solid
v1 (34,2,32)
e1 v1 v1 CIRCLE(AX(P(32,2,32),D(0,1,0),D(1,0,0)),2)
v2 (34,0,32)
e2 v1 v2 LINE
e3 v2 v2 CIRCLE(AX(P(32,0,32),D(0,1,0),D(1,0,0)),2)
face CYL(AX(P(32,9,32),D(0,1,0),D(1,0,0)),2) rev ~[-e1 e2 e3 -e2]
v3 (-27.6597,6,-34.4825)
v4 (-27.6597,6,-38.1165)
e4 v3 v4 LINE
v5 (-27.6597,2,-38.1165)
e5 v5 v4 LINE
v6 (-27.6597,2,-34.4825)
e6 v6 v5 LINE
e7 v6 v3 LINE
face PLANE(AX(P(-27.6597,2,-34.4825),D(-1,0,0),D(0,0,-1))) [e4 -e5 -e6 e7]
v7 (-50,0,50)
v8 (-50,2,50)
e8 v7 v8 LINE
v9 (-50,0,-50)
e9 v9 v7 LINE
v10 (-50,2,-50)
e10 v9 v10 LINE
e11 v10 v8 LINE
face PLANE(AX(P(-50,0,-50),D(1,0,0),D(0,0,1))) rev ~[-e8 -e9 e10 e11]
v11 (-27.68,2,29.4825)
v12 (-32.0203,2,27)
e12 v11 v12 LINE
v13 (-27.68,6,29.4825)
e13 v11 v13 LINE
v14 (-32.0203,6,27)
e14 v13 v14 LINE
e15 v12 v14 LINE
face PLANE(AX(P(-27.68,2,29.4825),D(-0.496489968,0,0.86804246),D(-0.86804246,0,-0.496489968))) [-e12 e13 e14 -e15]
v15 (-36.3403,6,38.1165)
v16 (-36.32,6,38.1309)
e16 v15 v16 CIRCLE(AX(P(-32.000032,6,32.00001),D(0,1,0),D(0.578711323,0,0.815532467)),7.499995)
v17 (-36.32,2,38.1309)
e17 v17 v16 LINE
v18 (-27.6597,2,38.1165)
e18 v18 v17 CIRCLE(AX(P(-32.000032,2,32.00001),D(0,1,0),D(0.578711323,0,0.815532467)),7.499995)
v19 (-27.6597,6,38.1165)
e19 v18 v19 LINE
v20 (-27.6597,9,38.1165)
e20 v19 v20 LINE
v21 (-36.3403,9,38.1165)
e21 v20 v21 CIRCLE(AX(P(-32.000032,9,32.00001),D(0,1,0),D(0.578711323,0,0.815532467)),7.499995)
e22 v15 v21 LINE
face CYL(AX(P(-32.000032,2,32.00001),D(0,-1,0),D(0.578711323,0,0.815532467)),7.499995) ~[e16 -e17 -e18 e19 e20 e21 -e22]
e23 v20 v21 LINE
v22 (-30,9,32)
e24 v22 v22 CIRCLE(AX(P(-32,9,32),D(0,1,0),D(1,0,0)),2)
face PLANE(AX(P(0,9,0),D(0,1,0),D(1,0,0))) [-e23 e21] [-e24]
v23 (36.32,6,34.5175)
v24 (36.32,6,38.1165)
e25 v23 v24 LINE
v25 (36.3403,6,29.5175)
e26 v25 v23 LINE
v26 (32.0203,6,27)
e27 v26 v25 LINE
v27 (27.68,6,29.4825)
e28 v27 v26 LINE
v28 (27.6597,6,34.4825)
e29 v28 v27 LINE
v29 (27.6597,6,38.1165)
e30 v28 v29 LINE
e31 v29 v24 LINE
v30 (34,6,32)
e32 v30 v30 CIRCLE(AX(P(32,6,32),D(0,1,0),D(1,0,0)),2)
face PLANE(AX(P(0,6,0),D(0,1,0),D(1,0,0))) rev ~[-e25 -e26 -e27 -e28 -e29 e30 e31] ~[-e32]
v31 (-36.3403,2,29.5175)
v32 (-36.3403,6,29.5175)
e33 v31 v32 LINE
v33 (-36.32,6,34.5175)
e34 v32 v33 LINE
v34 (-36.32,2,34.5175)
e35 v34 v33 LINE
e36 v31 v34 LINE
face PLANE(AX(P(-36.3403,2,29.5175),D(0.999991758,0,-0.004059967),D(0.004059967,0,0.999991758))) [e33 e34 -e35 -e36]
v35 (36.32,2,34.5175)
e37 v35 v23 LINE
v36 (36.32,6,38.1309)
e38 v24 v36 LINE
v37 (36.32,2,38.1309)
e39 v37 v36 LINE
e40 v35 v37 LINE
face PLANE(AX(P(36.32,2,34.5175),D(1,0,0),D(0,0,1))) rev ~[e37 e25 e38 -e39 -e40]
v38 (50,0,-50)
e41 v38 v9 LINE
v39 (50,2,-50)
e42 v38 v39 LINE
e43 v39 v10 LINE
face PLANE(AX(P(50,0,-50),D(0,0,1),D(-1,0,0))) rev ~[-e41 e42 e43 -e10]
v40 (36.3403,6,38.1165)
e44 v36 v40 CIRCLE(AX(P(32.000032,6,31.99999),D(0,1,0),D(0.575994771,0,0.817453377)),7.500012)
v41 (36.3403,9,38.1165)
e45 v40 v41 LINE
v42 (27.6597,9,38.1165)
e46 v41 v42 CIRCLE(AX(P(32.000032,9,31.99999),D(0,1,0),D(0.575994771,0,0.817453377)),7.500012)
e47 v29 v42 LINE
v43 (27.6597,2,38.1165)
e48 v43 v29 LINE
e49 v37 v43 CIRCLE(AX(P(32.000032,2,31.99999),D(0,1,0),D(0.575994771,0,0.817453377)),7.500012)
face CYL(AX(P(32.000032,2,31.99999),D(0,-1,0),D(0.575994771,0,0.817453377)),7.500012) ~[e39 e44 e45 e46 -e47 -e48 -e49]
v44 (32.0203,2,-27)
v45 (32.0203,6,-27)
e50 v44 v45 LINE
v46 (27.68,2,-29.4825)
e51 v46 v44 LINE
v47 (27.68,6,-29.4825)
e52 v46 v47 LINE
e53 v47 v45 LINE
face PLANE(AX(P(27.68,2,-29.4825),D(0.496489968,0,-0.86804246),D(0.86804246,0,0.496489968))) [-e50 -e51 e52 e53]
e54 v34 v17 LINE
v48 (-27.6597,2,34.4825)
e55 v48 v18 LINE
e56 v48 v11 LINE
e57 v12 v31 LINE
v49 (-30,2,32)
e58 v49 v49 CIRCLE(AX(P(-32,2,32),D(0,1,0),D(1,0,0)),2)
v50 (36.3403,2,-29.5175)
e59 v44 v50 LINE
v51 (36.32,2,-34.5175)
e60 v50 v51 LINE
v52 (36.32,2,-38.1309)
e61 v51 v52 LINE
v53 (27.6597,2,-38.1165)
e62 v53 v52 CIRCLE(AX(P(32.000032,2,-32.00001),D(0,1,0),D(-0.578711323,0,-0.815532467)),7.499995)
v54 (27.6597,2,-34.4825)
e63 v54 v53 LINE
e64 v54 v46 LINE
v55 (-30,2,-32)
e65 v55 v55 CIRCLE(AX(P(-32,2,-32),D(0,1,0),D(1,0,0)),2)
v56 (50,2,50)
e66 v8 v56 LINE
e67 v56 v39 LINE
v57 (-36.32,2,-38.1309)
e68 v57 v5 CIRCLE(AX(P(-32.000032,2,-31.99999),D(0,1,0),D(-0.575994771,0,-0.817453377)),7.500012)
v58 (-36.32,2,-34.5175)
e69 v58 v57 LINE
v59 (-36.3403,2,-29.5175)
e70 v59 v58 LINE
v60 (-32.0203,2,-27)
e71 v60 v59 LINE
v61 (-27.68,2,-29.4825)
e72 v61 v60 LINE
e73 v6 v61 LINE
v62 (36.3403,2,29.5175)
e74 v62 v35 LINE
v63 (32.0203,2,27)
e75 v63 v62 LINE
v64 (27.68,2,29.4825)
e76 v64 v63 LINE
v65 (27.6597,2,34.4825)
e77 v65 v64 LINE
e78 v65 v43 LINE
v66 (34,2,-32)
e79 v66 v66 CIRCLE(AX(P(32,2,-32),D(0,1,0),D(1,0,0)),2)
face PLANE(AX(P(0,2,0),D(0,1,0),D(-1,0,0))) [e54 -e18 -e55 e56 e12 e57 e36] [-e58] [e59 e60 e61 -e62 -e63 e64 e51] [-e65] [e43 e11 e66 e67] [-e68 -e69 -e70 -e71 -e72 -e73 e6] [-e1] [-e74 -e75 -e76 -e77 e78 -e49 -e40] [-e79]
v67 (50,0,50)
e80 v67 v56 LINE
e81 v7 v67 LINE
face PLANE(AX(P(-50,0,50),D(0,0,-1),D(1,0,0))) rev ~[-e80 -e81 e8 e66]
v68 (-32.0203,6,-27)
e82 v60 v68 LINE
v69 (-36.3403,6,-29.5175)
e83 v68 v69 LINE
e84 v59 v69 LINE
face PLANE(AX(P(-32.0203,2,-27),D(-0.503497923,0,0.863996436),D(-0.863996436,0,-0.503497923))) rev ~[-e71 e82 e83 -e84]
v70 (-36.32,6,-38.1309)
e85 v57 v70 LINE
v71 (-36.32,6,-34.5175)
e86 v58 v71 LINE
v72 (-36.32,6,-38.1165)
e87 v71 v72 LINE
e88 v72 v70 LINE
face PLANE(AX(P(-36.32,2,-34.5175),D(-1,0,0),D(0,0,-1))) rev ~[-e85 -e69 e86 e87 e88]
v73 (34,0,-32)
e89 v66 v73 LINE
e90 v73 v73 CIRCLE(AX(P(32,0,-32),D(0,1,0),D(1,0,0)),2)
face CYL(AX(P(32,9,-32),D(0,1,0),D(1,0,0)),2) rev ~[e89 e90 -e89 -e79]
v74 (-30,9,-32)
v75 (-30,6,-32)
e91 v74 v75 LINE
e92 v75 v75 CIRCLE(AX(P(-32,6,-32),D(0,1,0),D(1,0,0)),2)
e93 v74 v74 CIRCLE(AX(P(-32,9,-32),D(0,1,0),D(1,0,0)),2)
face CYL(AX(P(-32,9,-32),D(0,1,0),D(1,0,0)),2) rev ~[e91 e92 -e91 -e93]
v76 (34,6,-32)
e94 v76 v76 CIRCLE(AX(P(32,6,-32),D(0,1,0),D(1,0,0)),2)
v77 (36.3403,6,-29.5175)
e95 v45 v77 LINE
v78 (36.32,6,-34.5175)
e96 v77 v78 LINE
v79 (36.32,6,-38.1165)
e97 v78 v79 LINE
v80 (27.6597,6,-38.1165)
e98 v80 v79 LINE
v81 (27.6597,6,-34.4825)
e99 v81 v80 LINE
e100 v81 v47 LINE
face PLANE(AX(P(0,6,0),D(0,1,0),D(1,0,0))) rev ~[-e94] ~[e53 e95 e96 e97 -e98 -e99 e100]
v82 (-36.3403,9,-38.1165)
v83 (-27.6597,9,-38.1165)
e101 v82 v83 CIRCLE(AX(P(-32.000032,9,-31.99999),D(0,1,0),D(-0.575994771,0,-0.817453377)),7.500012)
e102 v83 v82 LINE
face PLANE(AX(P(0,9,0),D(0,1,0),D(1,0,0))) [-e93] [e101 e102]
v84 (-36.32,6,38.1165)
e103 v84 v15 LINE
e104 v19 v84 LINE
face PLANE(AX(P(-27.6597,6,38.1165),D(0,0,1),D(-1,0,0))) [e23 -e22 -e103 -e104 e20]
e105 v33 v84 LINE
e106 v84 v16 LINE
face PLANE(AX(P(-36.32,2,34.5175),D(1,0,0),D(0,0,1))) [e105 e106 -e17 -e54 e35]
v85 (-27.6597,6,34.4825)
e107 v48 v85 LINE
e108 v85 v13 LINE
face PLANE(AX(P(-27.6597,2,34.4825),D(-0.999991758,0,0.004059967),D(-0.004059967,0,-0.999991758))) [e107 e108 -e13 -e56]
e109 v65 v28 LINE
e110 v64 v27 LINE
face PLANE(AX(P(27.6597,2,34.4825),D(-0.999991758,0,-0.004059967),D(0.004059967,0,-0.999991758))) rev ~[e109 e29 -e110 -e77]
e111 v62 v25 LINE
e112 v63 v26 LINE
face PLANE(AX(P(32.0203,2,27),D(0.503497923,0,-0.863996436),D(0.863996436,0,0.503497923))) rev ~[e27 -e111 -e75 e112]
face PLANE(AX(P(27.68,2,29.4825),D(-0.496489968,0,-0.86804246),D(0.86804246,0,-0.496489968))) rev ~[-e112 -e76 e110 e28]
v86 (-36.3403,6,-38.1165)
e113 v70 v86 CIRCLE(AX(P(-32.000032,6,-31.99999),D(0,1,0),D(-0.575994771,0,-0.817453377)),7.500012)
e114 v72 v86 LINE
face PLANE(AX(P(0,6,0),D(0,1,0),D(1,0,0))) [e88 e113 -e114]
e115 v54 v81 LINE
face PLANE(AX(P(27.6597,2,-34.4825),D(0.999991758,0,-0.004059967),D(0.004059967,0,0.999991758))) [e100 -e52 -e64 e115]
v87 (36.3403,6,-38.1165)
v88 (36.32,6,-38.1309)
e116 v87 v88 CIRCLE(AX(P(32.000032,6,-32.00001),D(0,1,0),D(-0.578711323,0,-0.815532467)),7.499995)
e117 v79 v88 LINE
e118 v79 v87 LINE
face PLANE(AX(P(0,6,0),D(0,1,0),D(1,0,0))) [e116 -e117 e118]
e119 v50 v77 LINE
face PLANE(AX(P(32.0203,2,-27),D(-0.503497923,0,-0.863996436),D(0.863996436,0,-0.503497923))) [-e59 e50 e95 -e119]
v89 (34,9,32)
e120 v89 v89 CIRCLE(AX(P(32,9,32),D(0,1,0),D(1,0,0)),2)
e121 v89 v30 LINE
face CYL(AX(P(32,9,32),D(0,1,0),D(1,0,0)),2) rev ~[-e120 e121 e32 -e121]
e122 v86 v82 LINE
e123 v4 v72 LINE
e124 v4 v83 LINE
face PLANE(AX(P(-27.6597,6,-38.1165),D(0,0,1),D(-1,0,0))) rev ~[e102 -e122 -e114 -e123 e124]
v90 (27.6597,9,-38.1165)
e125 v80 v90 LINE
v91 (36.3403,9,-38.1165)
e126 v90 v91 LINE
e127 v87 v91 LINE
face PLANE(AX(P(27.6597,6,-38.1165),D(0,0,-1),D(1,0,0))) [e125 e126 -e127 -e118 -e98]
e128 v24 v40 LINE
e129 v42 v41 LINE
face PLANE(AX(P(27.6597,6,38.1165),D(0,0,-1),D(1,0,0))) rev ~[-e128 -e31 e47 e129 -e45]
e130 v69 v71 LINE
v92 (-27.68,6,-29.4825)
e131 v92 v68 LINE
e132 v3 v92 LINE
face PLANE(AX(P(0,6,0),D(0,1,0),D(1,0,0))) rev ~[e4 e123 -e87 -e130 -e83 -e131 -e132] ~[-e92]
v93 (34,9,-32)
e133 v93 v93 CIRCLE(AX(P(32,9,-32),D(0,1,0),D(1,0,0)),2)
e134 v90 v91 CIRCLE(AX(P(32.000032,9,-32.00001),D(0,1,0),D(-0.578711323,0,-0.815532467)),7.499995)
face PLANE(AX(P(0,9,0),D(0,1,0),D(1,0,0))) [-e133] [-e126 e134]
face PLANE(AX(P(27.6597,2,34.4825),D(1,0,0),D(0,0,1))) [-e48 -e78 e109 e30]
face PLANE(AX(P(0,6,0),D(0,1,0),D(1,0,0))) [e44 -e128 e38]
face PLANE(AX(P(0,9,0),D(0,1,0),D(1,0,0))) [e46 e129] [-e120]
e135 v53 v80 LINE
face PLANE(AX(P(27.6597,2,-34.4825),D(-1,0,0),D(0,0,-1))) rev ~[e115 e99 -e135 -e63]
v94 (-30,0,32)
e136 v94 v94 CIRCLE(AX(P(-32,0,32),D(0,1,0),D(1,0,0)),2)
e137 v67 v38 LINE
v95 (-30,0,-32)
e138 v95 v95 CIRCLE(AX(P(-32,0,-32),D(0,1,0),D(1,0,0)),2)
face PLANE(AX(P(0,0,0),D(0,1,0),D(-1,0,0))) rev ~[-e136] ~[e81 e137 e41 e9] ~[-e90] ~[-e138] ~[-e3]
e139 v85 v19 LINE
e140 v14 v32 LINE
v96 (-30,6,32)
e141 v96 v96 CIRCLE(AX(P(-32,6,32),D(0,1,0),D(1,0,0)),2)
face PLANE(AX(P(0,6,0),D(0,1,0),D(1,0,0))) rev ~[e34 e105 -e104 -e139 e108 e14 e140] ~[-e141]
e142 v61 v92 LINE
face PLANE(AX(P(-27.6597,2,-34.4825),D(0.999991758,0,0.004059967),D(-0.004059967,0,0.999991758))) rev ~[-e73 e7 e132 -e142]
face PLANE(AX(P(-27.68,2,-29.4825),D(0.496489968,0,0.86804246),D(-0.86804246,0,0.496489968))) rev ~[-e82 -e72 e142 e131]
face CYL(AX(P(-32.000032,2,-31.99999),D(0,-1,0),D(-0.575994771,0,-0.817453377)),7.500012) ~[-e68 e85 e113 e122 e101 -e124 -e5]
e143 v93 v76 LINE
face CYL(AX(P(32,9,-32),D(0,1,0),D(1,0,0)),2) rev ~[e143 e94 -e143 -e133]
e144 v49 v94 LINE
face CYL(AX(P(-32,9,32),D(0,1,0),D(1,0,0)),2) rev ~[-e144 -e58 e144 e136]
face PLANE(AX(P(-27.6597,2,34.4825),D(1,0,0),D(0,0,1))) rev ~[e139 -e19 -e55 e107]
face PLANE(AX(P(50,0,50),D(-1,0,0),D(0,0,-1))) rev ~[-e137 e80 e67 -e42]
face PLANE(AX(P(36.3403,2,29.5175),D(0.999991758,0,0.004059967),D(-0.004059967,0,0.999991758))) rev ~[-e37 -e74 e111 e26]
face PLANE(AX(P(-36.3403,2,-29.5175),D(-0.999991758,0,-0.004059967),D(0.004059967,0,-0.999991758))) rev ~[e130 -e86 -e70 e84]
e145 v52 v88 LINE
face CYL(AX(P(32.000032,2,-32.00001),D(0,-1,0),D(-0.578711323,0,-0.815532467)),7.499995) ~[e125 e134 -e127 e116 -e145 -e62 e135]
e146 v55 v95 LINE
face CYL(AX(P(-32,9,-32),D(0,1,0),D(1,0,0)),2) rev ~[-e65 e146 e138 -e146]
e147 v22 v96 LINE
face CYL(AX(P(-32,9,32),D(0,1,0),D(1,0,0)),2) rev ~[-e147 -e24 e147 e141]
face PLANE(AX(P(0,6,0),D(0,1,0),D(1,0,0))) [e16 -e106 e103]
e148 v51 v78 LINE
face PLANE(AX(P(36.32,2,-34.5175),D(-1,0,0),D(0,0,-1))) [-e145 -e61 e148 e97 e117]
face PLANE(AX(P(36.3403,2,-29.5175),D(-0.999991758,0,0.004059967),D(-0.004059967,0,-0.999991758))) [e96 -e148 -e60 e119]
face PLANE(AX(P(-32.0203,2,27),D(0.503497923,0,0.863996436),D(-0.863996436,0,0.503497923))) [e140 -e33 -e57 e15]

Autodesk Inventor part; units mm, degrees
ref_plane "YZ Plane" through (0, 0, 0) normal (1, 0, 0) x (0, 1, 0)
ref_plane "XZ Plane" through (0, 0, 0) normal (0, 1, 0) x (-1, 0, 0)
ref_plane "XY Plane" through (0, 0, 0) normal (0, 0, 1) x (1, 0, 0)
sketch "Esquisse1" plane through (0, 0, 0) normal (0, 1, 0) x (-1, 0, 0)
  line L0 (50, 50) -> (-50, 50)
  line L1 (-50, 50) -> (-50, -50)
  line L2 (-50, -50) -> (50, -50)
  line L3 (50, -50) -> (50, 50)
  point P0 (0, 0)
  dimension "d0" = 100
  dimension "d1" = 100
  dimension "d17" = 50
  dimension "d18" = 50
extrude "Extrusion1" add sketch "Esquisse1" along normal blind 2
sketch "Esquisse2" plane through (0, 2, 0) normal (0, 1, 0) x (1, 0, 0)
  line L0 (50, -50) -> (50, 50) projected
  line L1 (-50, -50) -> (50, -50) projected
  arc A0 (36.32, -38.1309) -> (27.6597, -38.1165) centre (32, -32) ccw
  line L2 (27.68, -29.4825) -> (32.0203, -27)
  line L3 (32.0203, -27) -> (36.3403, -29.5175)
  line L4 (36.3403, -29.5175) -> (36.32, -34.5175)
  line L5 (27.6597, -34.4825) -> (27.68, -29.4825)
  line L6 (27.6597, -34.4825) -> (27.6597, -38.1165)
  line L7 (36.32, -34.5175) -> (36.32, -38.1309)
  line L8 (53.6963, 0) -> (-74.6388, 0)
  line L9 (0, -61.7794) -> (0, 59.6738)
  arc A1 (-27.6597, -38.1165) -> (-36.32, -38.1309) centre (-32, -32) ccw
  line L10 (-27.68, -29.4825) -> (-32.0203, -27)
  line L11 (-32.0203, -27) -> (-36.3403, -29.5175)
  line L12 (-36.3403, -29.5175) -> (-36.32, -34.5175)
  line L13 (-27.6597, -34.4825) -> (-27.68, -29.4825)
  line L14 (-27.6597, -34.4825) -> (-27.6597, -38.1165)
  line L15 (-36.32, -34.5175) -> (-36.32, -38.1309)
  arc A2 (27.6597, 38.1165) -> (36.32, 38.1309) centre (32, 32) ccw
  line L16 (27.68, 29.4825) -> (32.0203, 27)
  line L17 (32.0203, 27) -> (36.3403, 29.5175)
  line L18 (36.3403, 29.5175) -> (36.32, 34.5175)
  line L19 (27.6597, 34.4825) -> (27.68, 29.4825)
  line L20 (27.6597, 34.4825) -> (27.6597, 38.1165)
  line L21 (36.32, 34.5175) -> (36.32, 38.1309)
  arc A3 (-36.32, 38.1309) -> (-27.6597, 38.1165) centre (-32, 32) ccw
  line L22 (-27.68, 29.4825) -> (-32.0203, 27)
  line L23 (-32.0203, 27) -> (-36.3403, 29.5175)
  line L24 (-36.3403, 29.5175) -> (-36.32, 34.5175)
  line L25 (-27.6597, 34.4825) -> (-27.68, 29.4825)
  line L26 (-27.6597, 34.4825) -> (-27.6597, 38.1165)
  line L27 (-36.32, 34.5175) -> (-36.32, 38.1309)
  point P0 (0, 0)
  dimension "d6" = 18
  dimension "d7" = 18
  dimension "d8" = 15
  dimension "d9" = 5
extrude "Extrusion2" add sketch "Esquisse2" along normal blind 4 contours L7 L4 L3 L2 L5 L6 A0 | L14 L13 L10 L11 L12 L15 A1 | L20 L19 L16 L17 L18 L21 A2 | L27 L24 L23 L22 L25 L26 A3
sketch "Esquisse4" plane through (0, 6, 0) normal (0, 1, 0) x (1, 0, 0)
  arc A0 (36.32, -38.1309) -> (27.6597, -38.1165) centre (32, -32) ccw projected
  line L0 (27.6597, -38.1165) -> (36.3403, -38.1165)
  line L1 (53.7761, 0) -> (-84.9694, 0)
  line L2 (0, -51.9111) -> (0, 71.3221)
  arc A1 (-27.6597, -38.1165) -> (-36.32, -38.1309) centre (-32, -32) ccw
  line L3 (-27.6597, -38.1165) -> (-36.3403, -38.1165)
  arc A2 (27.6597, 38.1165) -> (36.32, 38.1309) centre (32, 32) ccw
  line L4 (27.6597, 38.1165) -> (36.3403, 38.1165)
  arc A3 (-36.32, 38.1309) -> (-27.6597, 38.1165) centre (-32, 32) ccw
  line L5 (-27.6597, 38.1165) -> (-36.3403, 38.1165)
  point P0 (0, 0)
extrude "Extrusion3" add sketch "Esquisse4" along normal blind 3
sketch "Esquisse5" plane through (0, 9, 0) normal (0, 1, 0) x (1, 0, 0)
  circle A0 centre (32, -32) radius 2
  arc A1 (36.3403, -38.1165) -> (27.6597, -38.1165) centre (32, -32) ccw projected
  line L0 (0, -51.4977) -> (0, 66.0278)
  line L1 (54.9768, 0) -> (-89.9714, 0)
  circle A2 centre (-32, -32) radius 2
  arc A3 (-27.6597, -38.1165) -> (-36.3403, -38.1165) centre (-32, -32) ccw
  circle A4 centre (32, 32) radius 2
  arc A5 (27.6597, 38.1165) -> (36.3403, 38.1165) centre (32, 32) ccw
  circle A6 centre (-32, 32) radius 2
  arc A7 (-36.3403, 38.1165) -> (-27.6597, 38.1165) centre (-32, 32) ccw
  point P0 (0, 0)
  dimension "d14" = 4
extrude "Extrusion4" cut sketch "Esquisse5" against normal through all
properties part number "support-balise"
